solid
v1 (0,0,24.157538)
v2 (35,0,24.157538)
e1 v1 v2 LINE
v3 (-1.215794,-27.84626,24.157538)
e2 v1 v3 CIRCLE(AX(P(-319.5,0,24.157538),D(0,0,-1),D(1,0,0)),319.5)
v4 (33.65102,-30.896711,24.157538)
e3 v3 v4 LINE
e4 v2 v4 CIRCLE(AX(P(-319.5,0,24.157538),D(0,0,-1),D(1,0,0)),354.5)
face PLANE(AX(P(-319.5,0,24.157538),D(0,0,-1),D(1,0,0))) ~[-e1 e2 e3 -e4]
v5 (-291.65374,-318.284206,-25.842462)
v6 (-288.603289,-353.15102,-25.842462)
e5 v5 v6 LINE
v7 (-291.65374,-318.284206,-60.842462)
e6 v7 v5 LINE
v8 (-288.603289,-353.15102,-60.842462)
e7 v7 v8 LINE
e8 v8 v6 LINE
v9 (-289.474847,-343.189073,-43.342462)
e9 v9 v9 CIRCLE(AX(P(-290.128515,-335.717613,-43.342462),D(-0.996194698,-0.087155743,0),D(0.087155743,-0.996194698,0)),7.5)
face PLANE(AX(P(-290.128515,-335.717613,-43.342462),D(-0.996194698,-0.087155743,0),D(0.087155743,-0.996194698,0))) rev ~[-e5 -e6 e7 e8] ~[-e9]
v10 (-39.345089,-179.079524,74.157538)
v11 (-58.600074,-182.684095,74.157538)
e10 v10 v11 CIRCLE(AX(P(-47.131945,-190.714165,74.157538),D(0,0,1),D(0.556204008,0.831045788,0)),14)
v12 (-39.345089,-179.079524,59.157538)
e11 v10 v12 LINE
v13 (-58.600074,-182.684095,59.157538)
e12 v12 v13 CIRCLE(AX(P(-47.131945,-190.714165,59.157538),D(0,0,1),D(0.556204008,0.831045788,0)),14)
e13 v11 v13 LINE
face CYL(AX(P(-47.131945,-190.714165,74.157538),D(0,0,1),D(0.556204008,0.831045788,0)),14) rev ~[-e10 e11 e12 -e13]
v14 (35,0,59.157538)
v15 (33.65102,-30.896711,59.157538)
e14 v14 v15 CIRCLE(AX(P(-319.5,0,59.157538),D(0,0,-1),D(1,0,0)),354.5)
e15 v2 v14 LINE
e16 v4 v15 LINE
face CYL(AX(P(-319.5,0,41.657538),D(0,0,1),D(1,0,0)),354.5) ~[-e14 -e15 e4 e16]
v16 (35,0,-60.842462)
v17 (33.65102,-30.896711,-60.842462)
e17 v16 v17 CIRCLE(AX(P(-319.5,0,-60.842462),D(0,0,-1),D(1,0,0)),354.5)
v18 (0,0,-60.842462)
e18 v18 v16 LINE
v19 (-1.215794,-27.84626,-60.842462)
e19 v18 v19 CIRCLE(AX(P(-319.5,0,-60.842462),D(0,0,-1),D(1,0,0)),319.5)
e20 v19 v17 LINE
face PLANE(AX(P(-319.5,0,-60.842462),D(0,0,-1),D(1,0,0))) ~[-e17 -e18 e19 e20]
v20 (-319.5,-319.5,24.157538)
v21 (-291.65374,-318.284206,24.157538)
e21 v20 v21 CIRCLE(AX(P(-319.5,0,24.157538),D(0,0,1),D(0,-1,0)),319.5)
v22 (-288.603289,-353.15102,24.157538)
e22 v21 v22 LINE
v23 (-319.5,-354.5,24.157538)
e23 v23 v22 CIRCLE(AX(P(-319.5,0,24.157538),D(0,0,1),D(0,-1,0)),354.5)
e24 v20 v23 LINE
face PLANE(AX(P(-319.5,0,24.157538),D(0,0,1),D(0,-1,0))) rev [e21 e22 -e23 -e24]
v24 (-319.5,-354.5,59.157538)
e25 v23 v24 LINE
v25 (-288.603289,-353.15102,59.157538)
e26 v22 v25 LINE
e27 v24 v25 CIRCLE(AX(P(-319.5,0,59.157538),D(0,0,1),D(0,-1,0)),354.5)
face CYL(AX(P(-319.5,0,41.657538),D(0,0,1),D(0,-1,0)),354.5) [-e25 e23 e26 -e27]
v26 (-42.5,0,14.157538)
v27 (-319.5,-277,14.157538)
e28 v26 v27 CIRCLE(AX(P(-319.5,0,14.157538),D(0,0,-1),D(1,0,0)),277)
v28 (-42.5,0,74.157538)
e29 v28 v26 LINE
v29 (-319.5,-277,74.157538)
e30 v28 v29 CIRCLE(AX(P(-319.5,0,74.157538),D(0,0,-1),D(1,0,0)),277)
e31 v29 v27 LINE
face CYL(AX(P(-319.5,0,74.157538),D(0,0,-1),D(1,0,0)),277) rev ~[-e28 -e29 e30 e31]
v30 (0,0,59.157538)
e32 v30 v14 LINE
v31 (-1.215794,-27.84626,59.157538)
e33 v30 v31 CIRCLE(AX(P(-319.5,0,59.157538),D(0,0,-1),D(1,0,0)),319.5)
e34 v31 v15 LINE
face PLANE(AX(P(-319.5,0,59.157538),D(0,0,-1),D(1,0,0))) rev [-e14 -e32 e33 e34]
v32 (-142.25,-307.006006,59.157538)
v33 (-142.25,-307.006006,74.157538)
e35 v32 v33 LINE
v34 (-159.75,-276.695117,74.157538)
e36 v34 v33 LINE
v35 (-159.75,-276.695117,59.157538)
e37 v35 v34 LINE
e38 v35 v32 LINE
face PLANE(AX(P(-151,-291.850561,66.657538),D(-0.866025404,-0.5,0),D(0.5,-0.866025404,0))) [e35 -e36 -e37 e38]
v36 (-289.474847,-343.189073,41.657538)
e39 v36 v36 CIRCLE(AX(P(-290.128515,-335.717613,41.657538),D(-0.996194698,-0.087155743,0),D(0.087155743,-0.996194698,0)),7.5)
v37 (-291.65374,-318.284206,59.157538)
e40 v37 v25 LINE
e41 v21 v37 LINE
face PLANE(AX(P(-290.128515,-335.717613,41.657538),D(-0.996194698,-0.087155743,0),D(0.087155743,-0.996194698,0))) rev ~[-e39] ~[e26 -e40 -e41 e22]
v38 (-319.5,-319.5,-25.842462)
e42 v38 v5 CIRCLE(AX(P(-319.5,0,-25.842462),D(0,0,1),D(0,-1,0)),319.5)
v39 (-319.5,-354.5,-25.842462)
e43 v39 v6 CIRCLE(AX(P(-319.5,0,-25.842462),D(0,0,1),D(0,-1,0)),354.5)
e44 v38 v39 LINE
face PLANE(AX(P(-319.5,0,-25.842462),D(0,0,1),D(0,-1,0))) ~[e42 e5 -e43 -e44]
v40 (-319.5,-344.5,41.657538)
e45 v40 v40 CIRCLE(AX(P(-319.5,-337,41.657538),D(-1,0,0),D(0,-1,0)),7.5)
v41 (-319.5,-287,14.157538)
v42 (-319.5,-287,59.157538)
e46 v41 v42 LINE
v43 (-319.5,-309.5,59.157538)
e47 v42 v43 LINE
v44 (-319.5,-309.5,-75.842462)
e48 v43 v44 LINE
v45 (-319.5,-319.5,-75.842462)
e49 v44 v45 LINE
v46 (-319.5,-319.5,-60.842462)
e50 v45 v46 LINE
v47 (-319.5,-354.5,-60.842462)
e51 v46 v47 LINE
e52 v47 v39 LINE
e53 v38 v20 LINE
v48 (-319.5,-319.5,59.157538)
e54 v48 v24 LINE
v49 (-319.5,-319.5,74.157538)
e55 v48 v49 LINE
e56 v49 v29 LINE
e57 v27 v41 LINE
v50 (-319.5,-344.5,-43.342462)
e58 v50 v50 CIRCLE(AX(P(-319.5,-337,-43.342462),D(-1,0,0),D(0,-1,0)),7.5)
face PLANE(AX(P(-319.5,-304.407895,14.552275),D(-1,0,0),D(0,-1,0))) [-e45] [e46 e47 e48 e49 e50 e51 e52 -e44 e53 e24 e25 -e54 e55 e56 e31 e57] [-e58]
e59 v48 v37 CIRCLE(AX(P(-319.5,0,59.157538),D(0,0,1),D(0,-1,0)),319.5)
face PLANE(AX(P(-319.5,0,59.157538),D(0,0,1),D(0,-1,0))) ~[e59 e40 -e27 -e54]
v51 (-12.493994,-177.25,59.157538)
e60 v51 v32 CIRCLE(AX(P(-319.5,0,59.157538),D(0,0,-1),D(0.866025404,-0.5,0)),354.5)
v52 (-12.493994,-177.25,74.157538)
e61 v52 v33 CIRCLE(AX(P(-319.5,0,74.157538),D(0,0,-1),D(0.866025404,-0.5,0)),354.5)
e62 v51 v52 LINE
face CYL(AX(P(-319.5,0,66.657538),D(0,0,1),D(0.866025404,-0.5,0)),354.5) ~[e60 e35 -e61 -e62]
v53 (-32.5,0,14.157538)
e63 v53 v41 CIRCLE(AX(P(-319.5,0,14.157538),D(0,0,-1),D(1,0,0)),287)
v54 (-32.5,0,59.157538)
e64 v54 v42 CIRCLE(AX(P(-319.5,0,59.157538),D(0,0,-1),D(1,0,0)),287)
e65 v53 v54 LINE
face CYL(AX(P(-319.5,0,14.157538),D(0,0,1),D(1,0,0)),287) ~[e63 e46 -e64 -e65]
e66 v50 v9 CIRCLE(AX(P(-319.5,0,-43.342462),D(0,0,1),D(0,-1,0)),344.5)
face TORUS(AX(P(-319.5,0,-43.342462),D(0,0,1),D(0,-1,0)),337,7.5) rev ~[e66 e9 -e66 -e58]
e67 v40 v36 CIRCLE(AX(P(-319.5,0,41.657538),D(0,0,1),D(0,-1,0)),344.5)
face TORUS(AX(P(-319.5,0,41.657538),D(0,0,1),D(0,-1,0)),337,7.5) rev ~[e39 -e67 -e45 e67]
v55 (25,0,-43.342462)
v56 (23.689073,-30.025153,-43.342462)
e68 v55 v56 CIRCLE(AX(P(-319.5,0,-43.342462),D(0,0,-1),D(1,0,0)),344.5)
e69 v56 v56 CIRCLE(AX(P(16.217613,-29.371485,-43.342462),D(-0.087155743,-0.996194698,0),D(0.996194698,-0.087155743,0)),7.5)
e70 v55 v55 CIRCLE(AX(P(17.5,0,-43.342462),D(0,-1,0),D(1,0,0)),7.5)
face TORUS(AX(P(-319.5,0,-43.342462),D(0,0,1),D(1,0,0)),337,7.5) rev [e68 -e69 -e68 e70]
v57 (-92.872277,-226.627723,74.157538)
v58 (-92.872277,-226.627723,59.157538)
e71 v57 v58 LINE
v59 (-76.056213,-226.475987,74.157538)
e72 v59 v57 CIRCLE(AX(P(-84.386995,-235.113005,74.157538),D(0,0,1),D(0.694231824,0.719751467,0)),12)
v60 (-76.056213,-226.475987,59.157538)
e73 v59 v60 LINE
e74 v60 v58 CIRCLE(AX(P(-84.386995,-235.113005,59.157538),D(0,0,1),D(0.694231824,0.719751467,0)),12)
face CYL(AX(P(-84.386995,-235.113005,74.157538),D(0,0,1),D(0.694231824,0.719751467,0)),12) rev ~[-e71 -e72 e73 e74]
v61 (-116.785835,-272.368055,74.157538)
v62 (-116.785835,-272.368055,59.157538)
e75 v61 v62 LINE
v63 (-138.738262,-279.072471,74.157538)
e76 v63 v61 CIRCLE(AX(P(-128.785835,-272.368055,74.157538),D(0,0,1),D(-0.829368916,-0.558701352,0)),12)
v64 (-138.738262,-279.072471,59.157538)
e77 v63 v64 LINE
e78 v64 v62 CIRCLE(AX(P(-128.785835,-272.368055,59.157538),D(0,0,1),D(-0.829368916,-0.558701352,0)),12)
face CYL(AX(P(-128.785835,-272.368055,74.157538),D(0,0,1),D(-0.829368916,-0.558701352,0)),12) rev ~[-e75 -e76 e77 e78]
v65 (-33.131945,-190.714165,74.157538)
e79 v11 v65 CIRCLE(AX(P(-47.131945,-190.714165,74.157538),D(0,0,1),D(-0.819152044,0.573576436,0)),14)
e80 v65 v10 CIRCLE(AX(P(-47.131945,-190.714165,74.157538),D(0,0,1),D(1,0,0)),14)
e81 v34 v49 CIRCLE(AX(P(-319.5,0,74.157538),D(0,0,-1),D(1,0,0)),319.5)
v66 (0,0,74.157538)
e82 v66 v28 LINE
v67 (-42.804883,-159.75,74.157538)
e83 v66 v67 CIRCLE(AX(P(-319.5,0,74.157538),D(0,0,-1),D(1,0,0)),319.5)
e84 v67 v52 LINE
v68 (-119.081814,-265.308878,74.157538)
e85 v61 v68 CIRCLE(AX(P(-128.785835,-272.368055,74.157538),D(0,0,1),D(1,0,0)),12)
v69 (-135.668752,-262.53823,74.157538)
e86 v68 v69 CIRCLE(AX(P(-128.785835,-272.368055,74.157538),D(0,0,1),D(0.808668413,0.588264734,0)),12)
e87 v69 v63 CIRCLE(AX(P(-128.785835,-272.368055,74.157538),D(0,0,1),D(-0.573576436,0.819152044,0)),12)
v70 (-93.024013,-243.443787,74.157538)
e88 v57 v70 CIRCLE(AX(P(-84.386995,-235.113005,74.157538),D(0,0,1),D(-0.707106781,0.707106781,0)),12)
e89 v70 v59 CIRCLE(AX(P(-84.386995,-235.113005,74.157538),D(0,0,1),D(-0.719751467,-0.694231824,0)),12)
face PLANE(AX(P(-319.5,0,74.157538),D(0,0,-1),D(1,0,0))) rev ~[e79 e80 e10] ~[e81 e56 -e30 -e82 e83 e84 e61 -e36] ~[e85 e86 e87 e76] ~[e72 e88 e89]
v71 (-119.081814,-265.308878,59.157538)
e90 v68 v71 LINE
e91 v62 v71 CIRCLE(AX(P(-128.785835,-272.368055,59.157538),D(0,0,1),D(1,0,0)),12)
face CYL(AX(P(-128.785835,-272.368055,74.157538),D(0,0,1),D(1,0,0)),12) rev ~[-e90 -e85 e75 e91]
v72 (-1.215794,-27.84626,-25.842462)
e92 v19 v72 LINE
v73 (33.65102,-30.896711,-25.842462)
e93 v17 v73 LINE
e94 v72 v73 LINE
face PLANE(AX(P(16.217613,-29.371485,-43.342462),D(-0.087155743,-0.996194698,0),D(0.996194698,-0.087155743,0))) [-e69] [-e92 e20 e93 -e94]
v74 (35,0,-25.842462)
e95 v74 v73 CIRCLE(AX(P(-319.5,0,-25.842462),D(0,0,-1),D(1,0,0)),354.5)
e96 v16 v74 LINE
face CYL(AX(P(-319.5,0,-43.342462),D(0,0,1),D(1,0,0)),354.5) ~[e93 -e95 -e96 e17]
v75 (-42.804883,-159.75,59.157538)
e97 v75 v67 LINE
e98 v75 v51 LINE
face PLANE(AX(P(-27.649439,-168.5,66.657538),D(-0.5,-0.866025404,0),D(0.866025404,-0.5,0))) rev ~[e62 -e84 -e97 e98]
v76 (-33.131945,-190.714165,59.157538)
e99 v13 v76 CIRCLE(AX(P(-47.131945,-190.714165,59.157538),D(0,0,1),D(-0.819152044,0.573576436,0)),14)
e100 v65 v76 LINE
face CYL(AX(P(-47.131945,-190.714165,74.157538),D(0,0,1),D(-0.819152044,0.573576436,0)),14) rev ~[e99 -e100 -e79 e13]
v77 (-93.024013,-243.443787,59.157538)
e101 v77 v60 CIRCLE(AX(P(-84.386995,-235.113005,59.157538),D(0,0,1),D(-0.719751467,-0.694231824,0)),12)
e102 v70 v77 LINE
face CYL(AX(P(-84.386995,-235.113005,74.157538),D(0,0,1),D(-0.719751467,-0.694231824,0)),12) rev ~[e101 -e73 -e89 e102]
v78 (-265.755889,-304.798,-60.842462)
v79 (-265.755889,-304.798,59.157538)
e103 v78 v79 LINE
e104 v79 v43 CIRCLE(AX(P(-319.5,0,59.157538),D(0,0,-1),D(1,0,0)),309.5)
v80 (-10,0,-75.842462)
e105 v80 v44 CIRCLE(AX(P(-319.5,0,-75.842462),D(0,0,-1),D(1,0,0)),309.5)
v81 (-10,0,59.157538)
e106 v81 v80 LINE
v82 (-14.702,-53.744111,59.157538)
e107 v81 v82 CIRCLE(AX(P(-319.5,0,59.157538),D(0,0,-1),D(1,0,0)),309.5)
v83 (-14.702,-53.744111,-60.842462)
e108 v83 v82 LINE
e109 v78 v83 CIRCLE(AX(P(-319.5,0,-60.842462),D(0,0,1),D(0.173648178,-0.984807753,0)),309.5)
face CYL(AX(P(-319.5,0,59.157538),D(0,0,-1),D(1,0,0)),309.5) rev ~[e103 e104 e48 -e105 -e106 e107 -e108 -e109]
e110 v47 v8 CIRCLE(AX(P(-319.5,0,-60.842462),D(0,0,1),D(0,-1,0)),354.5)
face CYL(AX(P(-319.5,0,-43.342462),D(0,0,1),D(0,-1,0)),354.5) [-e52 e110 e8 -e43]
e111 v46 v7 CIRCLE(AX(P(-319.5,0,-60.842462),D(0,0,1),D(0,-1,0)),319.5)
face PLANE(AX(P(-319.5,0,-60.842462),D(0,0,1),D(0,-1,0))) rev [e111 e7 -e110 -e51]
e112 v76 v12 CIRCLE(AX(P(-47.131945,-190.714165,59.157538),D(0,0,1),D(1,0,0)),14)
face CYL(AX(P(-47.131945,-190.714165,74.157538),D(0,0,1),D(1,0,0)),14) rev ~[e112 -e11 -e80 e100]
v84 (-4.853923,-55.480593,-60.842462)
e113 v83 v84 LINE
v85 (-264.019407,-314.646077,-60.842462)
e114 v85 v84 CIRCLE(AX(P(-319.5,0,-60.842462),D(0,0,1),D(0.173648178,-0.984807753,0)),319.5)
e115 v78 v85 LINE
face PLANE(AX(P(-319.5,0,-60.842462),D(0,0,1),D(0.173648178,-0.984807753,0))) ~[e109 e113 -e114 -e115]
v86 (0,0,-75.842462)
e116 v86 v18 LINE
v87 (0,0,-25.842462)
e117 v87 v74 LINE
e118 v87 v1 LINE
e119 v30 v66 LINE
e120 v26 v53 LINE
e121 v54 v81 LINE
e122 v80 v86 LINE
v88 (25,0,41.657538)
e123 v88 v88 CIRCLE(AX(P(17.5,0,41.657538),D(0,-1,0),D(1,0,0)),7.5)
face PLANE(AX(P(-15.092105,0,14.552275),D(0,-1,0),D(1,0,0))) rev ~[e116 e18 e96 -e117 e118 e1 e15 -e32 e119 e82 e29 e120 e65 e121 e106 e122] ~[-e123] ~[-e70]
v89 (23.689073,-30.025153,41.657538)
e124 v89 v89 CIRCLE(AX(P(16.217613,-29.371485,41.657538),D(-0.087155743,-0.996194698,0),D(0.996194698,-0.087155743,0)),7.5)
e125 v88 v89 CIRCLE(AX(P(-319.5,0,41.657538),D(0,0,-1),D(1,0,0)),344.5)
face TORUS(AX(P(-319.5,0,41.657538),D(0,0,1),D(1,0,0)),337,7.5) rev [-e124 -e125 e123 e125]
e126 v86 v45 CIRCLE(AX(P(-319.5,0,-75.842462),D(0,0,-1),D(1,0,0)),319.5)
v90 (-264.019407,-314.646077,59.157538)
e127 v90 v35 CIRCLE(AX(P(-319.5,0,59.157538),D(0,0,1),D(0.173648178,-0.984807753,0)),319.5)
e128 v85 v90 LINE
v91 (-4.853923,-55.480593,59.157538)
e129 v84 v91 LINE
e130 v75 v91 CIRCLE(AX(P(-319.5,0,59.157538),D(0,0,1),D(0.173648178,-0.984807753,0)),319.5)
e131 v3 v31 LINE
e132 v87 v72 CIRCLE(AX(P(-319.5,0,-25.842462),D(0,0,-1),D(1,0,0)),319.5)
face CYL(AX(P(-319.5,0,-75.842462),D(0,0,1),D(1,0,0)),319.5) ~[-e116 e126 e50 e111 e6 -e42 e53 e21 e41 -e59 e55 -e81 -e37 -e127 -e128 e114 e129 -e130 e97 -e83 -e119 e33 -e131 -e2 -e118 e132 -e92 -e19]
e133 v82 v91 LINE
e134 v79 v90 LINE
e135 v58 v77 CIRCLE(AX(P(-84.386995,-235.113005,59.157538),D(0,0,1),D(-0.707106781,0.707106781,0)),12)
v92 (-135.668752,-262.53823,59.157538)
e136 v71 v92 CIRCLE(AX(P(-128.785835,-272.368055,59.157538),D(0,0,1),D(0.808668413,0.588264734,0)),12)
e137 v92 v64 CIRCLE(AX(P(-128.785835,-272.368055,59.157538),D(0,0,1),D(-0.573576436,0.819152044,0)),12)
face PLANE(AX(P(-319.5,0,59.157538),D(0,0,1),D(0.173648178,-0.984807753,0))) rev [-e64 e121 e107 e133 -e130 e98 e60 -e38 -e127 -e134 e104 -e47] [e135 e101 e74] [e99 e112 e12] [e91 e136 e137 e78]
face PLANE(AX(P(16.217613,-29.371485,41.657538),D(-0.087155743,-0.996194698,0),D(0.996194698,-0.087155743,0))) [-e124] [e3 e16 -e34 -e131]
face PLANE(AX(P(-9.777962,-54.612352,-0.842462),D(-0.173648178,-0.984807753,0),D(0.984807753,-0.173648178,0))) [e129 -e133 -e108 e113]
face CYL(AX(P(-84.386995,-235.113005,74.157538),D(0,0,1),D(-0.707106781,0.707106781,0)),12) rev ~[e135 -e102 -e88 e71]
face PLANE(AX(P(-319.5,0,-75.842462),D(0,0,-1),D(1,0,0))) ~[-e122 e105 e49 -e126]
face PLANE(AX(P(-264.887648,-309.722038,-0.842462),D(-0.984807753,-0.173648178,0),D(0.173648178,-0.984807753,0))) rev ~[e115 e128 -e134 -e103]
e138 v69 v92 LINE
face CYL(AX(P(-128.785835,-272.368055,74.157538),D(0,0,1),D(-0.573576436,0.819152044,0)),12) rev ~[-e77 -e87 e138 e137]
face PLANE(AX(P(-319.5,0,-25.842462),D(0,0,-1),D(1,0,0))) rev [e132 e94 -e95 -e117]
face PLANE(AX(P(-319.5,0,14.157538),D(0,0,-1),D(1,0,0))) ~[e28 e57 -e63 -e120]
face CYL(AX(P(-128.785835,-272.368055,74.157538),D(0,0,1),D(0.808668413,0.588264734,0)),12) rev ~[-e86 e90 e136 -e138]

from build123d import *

# Parameters (mm, degrees)
F1_ANGLE       = 90
F2_W           = 35
F2_H           = 35
F2_R           = 7.5
F3_ANGLE       = 5
F4_ANGLE_START = 270
F4_ANGLE       = 5
F5_W           = 10
F5_H           = 120
F6_ANGLE_START = 280
F6_ANGLE       = 70
F7_W           = 35
F7_H           = 15
F8_ANGLE_START = 30
F8_ANGLE       = 30
F10_DEPTH      = 15


with BuildPart() as f1:
    # F0 (on Front) → F1 (revolve)
    with BuildSketch(Plane.XZ):
        Polygon((0, -75.8424619118), (0, 74.1575380882), (-42.5, 74.1575380882), (-42.5, 14.1575380882), (-32.5, 14.1575380882), (-32.5, 59.1575380882), (-10, 59.1575380882), (-10, -75.8424619118), align=None)
    revolve(axis=Axis((-319.5, 0, -5.3764432669), (0, 0, -1)), revolution_arc=F1_ANGLE)

    # F2 (on face) → F3 (revolve)
    with BuildSketch(Plane(origin=(-319.5, 0, 0), x_dir=(0, -1, 0), z_dir=(-1, 0, 0))):
        with Locations((337, 41.6575380882)):
            Rectangle(F2_W, F2_H)
        with Locations((337, 41.6575380882)):
            Circle(F2_R, mode=Mode.SUBTRACT)
        with Locations((337, -43.3424619118)):
            Rectangle(F2_W, F2_H)
        with Locations((337, -43.3424619118)):
            Circle(F2_R, mode=Mode.SUBTRACT)
    revolve(axis=Axis((-319.5, 0, 7.2890669107), (0, 0, 1)), revolution_arc=F3_ANGLE)

    # F2 (on face) → F4 (revolve)
    with BuildSketch(Plane(origin=(-319.5, 0, 0), x_dir=(0, -1, 0), z_dir=(-1, 0, 0)), mode=Mode.PRIVATE) as f4_sk:
        with Locations((337, 41.6575380882)):
            Rectangle(F2_W, F2_H)
        with Locations((337, 41.6575380882)):
            Circle(F2_R, mode=Mode.SUBTRACT)
        with Locations((337, -43.3424619118)):
            Rectangle(F2_W, F2_H)
        with Locations((337, -43.3424619118)):
            Circle(F2_R, mode=Mode.SUBTRACT)
    revolve(f4_sk.sketch.rotate(Axis((-319.5, 0, 74.1575380882), (0, 0, -1)), F4_ANGLE_START), axis=Axis((-319.5, 0, 74.1575380882), (0, 0, -1)), revolution_arc=F4_ANGLE)

    # F5 (on Front) → F6 (revolve, cut)
    with BuildSketch(Plane.XZ, mode=Mode.PRIVATE) as f6_sk:
        with Locations((-5, -0.8424619118)):
            Rectangle(F5_W, F5_H)
    revolve(f6_sk.sketch.rotate(Axis((-319.5, 0, -29.9057289958), (0, 0, 1)), F6_ANGLE_START), axis=Axis((-319.5, 0, -29.9057289958), (0, 0, 1)), revolution_arc=F6_ANGLE, mode=Mode.SUBTRACT)

    # F7 (on Front) → F8 (revolve)
    with BuildSketch(Plane.XZ, mode=Mode.PRIVATE) as f8_sk:
        with Locations((17.5, 66.6575380882)):
            Rectangle(F7_W, F7_H)
    revolve(f8_sk.sketch.rotate(Axis((-319.5, 0, -44.4073081017), (0, 0, -1)), F8_ANGLE_START), axis=Axis((-319.5, 0, -44.4073081017), (0, 0, -1)), revolution_arc=F8_ANGLE)

    # F9 (on face) → F10 (cut)
    with BuildSketch(Plane.XY.offset(74.1575380882)):
        with BuildLine():
            ThreePointArc((-128.7858349133, -272.3680547261), (-123.9019759301, -268.8822474243), (-119.0818139536, -265.3088779176))
            ThreePointArc((-119.0818139536, -265.3088779176), (-126.8087717489, -260.5320409865), (-135.6687521495, -262.5382301946))
            Line((-135.6687521495, -262.5382301946), (-128.7858349133, -272.3680547261))
        make_face()
        with BuildLine():
            ThreePointArc((-138.7382619085, -279.07247095), (-125.2807759939, -283.8447512008), (-116.7858349133, -272.3680547261))
            ThreePointArc((-116.7858349133, -272.3680547261), (-117.3742563302, -268.6564682402), (-119.0818139536, -265.3088779176))
            ThreePointArc((-119.0818139536, -265.3088779176), (-123.9019759301, -268.8822474243), (-128.7858349133, -272.3680547261))
            ThreePointArc((-128.7858349133, -272.3680547261), (-133.7318004616, -275.7651646606), (-138.7382619085, -279.07247095))
        make_face()
        with BuildLine():
            ThreePointArc((-135.6687521495, -262.5382301946), (-140.5842451107, -270.1777312768), (-138.7382619085, -279.07247095))
            ThreePointArc((-138.7382619085, -279.07247095), (-133.7318004616, -275.7651646606), (-128.7858349133, -272.3680547261))
            Line((-128.7858349133, -272.3680547261), (-135.6687521495, -262.5382301946))
        make_face()
        with BuildLine():
            ThreePointArc((-92.8722766297, -226.6277233703), (-96.3865067666, -235.0047296602), (-93.0240128621, -243.4437866324))
            ThreePointArc((-93.0240128621, -243.4437866324), (-88.6679185241, -239.3173628501), (-84.3869952555, -235.1130047445))
            Line((-84.3869952555, -235.1130047445), (-92.8722766297, -226.6277233703))
        make_face()
        with BuildLine():
            ThreePointArc((-84.3869952555, -235.1130047445), (-88.6679185241, -239.3173628501), (-93.0240128621, -243.4437866324))
            ThreePointArc((-93.0240128621, -243.4437866324), (-79.8950141379, -246.2405429107), (-72.3869952555, -235.1130047445))
            ThreePointArc((-72.3869952555, -235.1130047445), (-73.3423272511, -230.4209573585), (-76.0562133676, -226.4759871379))
            ThreePointArc((-76.0562133676, -226.4759871379), (-80.1826371499, -230.8320814759), (-84.3869952555, -235.1130047445))
        make_face()
        with BuildLine():
            ThreePointArc((-76.0562133676, -226.4759871379), (-84.4952703398, -223.1134932334), (-92.8722766297, -226.6277233703))
            Line((-92.8722766297, -226.6277233703), (-84.3869952555, -235.1130047445))
            ThreePointArc((-84.3869952555, -235.1130047445), (-80.1826371499, -230.8320814759), (-76.0562133676, -226.4759871379))
        make_face()
        with BuildLine():
            ThreePointArc((-47.1319452739, -190.7141650867), (-51.2073455895, -196.4059611859), (-55.4016699554, -202.010697904))
            ThreePointArc((-55.4016699554, -202.010697904), (-40.7985475105, -203.1996796044), (-33.1319452739, -190.7141650867))
            ThreePointArc((-33.1319452739, -190.7141650867), (-34.7825326257, -184.1193180647), (-39.3450891659, -179.0795240543))
            ThreePointArc((-39.3450891659, -179.0795240543), (-43.1772754806, -184.9378325658), (-47.1319452739, -190.7141650867))
        make_face()
        with BuildLine():
            ThreePointArc((-58.600073894, -182.6840949778), (-60.9440815462, -192.9999672643), (-55.4016699554, -202.010697904))
            ThreePointArc((-55.4016699554, -202.010697904), (-51.2073455895, -196.4059611859), (-47.1319452739, -190.7141650867))
            Line((-47.1319452739, -190.7141650867), (-58.600073894, -182.6840949778))
        make_face()
        with BuildLine():
            ThreePointArc((-47.1319452739, -190.7141650867), (-43.1772754806, -184.9378325658), (-39.3450891659, -179.0795240543))
            ThreePointArc((-39.3450891659, -179.0795240543), (-49.7080226626, -176.953212166), (-58.600073894, -182.6840949778))
            Line((-58.600073894, -182.6840949778), (-47.1319452739, -190.7141650867))
        make_face()
    extrude(amount=-F10_DEPTH, mode=Mode.SUBTRACT)


solid = f1.part
